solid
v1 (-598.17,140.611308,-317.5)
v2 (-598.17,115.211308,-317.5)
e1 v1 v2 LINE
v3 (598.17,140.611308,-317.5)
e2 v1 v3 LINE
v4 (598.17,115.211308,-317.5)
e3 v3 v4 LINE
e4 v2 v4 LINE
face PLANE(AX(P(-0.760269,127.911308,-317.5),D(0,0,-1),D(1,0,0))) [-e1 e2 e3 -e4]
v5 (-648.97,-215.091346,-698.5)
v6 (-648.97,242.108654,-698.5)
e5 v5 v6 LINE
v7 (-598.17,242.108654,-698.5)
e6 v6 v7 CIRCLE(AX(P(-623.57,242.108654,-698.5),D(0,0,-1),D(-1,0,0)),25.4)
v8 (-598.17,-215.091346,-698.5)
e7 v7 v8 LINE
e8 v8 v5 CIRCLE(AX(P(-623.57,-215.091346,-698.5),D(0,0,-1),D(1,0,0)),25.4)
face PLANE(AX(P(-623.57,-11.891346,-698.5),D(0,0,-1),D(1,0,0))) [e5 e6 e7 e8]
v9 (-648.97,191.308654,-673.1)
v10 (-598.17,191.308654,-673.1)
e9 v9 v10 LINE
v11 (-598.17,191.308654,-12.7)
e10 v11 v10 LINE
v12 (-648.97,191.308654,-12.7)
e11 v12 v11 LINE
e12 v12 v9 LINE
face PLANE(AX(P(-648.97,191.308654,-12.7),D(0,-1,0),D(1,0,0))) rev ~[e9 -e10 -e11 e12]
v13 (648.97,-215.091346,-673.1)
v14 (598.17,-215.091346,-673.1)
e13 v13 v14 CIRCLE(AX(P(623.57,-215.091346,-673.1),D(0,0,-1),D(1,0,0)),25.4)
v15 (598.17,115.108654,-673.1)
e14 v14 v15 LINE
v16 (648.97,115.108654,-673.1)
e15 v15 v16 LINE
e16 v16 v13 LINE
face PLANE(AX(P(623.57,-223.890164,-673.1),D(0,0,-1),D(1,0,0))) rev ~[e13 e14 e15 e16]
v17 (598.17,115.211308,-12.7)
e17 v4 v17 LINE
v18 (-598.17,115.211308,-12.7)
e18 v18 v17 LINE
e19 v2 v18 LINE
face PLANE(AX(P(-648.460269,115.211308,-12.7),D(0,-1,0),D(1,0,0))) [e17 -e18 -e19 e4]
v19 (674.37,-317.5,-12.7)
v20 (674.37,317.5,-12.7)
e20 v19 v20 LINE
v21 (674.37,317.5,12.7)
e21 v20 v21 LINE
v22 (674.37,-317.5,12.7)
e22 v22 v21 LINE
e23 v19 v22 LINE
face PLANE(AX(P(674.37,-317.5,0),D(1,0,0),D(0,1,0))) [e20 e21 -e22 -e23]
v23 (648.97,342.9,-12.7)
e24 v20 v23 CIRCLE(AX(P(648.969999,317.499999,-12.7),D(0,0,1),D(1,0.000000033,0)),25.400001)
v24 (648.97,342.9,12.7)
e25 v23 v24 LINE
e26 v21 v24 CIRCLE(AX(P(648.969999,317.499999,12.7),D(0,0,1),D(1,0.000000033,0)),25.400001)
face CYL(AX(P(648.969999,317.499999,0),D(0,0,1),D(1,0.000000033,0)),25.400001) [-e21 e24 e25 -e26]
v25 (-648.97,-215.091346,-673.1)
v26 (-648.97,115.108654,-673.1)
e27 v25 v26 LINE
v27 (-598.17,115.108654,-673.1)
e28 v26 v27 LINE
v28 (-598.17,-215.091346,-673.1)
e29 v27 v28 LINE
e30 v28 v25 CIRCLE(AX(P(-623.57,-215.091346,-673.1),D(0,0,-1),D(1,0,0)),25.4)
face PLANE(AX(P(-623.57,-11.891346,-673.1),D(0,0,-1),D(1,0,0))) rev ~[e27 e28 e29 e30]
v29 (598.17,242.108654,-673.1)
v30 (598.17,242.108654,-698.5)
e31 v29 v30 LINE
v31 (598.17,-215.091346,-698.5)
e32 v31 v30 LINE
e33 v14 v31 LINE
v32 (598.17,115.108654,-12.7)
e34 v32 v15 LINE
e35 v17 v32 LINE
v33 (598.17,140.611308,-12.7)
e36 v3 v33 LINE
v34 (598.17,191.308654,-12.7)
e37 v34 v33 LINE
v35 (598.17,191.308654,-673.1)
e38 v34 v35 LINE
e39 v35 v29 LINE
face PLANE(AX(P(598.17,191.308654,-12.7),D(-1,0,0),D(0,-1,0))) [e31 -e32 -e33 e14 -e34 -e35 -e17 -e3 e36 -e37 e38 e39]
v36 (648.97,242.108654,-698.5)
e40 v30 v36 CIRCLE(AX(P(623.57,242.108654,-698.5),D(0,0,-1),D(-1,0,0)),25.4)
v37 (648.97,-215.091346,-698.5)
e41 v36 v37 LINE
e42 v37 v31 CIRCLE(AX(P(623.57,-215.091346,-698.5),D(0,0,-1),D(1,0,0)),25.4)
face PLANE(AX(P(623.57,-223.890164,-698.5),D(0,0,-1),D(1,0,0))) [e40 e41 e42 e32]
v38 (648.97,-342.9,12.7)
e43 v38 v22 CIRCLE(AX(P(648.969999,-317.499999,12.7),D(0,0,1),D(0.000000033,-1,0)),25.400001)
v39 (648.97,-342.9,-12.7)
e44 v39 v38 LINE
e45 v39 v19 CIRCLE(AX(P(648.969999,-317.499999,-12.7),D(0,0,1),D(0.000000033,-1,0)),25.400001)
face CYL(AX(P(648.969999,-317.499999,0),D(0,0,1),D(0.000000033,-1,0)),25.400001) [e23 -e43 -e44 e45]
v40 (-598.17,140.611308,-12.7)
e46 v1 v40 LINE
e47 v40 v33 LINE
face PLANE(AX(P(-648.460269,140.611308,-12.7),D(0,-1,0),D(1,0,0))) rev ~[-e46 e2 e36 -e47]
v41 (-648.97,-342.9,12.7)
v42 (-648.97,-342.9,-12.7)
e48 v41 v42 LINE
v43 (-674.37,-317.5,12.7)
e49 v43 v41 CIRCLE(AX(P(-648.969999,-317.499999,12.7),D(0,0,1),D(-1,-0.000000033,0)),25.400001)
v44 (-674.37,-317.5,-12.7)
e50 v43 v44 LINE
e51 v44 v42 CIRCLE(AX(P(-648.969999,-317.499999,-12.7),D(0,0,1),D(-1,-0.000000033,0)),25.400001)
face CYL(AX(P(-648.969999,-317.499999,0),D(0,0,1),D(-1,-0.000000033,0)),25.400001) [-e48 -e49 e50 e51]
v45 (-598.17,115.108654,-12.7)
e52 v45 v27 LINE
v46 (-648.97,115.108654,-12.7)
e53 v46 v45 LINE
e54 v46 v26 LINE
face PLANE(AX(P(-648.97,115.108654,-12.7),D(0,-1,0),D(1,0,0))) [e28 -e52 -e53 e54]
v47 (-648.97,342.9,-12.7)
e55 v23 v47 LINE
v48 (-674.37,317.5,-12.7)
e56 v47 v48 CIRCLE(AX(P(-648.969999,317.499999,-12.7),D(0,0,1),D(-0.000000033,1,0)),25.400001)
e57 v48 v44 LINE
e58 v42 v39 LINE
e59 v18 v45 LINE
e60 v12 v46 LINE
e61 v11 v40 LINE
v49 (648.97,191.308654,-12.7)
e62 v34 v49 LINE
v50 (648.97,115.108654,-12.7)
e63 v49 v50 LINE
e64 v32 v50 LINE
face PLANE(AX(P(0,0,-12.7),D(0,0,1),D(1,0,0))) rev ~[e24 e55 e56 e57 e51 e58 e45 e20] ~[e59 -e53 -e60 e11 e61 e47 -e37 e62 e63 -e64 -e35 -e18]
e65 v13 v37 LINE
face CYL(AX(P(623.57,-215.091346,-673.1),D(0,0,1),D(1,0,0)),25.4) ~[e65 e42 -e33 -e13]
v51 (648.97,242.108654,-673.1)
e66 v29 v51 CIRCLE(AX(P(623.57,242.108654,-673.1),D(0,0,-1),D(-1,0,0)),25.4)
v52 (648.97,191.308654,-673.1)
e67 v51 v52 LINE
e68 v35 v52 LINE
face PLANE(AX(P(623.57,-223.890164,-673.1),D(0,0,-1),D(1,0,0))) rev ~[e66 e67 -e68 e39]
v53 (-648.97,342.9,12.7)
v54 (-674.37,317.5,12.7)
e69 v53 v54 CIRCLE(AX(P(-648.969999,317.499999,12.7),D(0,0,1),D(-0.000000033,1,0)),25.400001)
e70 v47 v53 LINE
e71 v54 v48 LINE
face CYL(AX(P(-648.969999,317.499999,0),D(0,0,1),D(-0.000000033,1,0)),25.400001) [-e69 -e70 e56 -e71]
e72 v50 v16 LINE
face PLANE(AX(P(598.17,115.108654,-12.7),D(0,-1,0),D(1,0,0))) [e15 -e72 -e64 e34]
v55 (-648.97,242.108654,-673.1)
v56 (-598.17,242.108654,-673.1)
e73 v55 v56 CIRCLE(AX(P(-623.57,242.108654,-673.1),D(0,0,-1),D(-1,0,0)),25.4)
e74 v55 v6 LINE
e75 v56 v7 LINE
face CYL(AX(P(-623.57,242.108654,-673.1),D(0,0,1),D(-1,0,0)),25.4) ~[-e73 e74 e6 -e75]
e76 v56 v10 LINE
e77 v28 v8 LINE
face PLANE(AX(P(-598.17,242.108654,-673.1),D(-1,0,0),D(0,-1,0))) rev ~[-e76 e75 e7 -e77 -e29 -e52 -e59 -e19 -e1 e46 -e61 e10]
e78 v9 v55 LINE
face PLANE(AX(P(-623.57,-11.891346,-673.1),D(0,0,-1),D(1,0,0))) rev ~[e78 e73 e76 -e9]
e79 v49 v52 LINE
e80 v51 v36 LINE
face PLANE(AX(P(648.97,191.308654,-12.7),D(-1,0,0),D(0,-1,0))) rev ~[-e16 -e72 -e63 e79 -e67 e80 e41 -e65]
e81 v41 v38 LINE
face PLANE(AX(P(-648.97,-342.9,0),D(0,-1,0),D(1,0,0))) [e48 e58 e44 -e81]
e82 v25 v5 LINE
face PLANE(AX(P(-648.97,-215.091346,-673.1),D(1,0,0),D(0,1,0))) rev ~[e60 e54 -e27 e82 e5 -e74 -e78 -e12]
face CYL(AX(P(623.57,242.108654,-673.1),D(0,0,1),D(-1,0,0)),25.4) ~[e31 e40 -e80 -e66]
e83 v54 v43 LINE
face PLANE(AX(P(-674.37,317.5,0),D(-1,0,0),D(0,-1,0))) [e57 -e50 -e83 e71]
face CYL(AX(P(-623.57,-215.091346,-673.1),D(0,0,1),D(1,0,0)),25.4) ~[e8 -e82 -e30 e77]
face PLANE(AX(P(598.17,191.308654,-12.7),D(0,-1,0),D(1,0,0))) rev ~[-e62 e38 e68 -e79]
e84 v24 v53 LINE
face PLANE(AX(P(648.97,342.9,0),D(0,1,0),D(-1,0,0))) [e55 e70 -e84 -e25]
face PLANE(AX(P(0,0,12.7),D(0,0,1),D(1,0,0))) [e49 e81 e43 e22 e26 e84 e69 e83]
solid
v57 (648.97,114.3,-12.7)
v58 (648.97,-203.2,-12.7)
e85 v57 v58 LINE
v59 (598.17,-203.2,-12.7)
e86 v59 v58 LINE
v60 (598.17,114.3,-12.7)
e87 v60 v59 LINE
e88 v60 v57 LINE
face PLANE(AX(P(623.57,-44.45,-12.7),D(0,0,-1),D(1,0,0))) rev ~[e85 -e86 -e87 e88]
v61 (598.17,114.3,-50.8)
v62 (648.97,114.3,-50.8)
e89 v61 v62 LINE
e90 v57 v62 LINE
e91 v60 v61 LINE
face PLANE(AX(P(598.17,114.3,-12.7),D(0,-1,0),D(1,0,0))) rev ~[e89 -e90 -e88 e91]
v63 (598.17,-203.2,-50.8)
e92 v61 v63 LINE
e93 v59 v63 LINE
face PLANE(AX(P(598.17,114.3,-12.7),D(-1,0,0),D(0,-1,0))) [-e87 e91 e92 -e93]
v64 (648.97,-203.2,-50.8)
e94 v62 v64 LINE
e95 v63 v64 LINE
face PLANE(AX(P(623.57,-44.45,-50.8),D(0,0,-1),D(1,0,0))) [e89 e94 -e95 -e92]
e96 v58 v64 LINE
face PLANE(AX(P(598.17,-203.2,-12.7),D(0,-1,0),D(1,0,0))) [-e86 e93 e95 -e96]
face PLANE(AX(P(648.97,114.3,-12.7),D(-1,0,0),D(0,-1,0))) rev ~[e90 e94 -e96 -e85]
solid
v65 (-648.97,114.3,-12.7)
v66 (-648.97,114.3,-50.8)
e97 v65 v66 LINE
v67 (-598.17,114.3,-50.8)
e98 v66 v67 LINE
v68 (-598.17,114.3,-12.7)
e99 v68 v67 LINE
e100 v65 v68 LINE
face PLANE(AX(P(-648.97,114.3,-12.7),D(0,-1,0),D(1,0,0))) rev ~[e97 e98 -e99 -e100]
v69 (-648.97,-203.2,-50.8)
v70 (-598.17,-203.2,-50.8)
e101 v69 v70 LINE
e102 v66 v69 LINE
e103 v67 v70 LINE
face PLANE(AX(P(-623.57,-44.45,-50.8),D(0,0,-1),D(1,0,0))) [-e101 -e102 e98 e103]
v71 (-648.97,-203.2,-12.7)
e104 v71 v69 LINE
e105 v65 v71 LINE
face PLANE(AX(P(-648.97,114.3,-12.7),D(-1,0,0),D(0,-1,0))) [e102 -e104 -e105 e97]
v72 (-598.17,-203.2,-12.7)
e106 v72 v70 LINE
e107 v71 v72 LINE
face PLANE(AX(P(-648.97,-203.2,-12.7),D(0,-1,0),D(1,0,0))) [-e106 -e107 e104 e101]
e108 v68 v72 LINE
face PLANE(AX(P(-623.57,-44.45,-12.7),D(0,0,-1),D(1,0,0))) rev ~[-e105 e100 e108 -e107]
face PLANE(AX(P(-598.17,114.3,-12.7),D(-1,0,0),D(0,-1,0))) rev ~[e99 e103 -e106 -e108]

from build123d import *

# Parameters (mm, degrees)
F1_DEPTH  = 12.7
F3_W      = 50.8
F3_H      = 317.5
F4_DEPTH  = 38.1
F5_W      = 50.8
F5_H      = 76.2
F6_DEPTH  = 660.4
F7_W      = 50.8
F7_H      = 406.4
F7_H_2    = 50.8
F8_DEPTH  = 25.4
F9_W      = 1295.4
F9_H      = 25.4
F10_DEPTH = 304.8


with BuildPart() as f1:
    # F0 (on Top) → F1 (new body, symmetric)
    with BuildSketch(Plane.XY):
        with BuildLine():
            Line((-648.97, -342.9), (648.97, -342.9))
            ThreePointArc((648.97, -342.9), (666.930512, -335.460512), (674.37, -317.5))
            Line((674.37, -317.5), (674.37, 317.5))
            ThreePointArc((674.37, 317.5), (666.930512, 335.460512), (648.97, 342.9))
            Line((648.97, 342.9), (-648.97, 342.9))
            ThreePointArc((-648.97, 342.9), (-666.930512, 335.460512), (-674.37, 317.5))
            Line((-674.37, 317.5), (-674.37, -317.5))
            ThreePointArc((-674.37, -317.5), (-666.930512, -335.460512), (-648.97, -342.9))
        make_face()
    extrude(amount=F1_DEPTH, both=True)

    # F5 (on face) → F6 (join)
    with BuildSketch(Plane(origin=(0, 0, -12.7), x_dir=(1, 0, 0), z_dir=(0, 0, -1))):
        with Locations((-623.57, -153.208654)):
            Rectangle(F5_W, F5_H)
        with Locations((623.57, -153.208654)):
            Rectangle(F5_W, F5_H)
    extrude(amount=F6_DEPTH)

    # F7 (on face) → F8 (join)
    with BuildSketch(Plane(origin=(0, 0, -673.1), x_dir=(1, 0, 0), z_dir=(0, 0, -1))):
        with Locations((-623.57, 11.891346)):
            Rectangle(F7_W, F7_H)
        with Locations((-623.57, -216.708654)):
            Rectangle(F7_W, F7_H_2)
        with BuildLine():
            Line((-598.17, -242.108654), (-648.97, -242.108654))
            ThreePointArc((-648.97, -242.108654), (-623.57, -267.508654), (-598.17, -242.108654))
        make_face()
        with BuildLine():
            ThreePointArc((-598.17, 215.091346), (-623.57, 240.491346), (-648.97, 215.091346))
            Line((-648.97, 215.091346), (-598.17, 215.091346))
        make_face()
        with BuildLine():
            Line((598.17, 215.091346), (648.97, 215.091346))
            ThreePointArc((648.97, 215.091346), (623.57, 240.491346), (598.17, 215.091346))
        make_face()
        Polygon((648.97, -191.308654), (648.97, 215.091346), (598.17, 215.091346), (598.17, -191.308654), (598.17, -242.108654), (648.97, -242.108654), align=None)
        with BuildLine():
            ThreePointArc((598.17, -242.108654), (623.57, -267.508654), (648.97, -242.108654))
            Line((648.97, -242.108654), (598.17, -242.108654))
        make_face()
    extrude(amount=F8_DEPTH)

    # F9 (on face) → F10 (join)
    with BuildSketch(Plane(origin=(0, 0, -12.7), x_dir=(1, 0, 0), z_dir=(0, 0, -1))):
        with Locations((-0.760269, -127.911308)):
            Rectangle(F9_W, F9_H)
    extrude(amount=F10_DEPTH)


with BuildPart() as f4:
    # F3 (on face) → F4 (new body)
    with BuildSketch(Plane(origin=(0, 0, -12.7), x_dir=(1, 0, 0), z_dir=(0, 0, -1))):
        with Locations((-623.57, 44.45)):
            Rectangle(F3_W, F3_H)
        with Locations((623.57, 44.45)):
            Rectangle(F3_W, F3_H)
    extrude(amount=F4_DEPTH)


solid = Compound([f1.part, f4.part])
